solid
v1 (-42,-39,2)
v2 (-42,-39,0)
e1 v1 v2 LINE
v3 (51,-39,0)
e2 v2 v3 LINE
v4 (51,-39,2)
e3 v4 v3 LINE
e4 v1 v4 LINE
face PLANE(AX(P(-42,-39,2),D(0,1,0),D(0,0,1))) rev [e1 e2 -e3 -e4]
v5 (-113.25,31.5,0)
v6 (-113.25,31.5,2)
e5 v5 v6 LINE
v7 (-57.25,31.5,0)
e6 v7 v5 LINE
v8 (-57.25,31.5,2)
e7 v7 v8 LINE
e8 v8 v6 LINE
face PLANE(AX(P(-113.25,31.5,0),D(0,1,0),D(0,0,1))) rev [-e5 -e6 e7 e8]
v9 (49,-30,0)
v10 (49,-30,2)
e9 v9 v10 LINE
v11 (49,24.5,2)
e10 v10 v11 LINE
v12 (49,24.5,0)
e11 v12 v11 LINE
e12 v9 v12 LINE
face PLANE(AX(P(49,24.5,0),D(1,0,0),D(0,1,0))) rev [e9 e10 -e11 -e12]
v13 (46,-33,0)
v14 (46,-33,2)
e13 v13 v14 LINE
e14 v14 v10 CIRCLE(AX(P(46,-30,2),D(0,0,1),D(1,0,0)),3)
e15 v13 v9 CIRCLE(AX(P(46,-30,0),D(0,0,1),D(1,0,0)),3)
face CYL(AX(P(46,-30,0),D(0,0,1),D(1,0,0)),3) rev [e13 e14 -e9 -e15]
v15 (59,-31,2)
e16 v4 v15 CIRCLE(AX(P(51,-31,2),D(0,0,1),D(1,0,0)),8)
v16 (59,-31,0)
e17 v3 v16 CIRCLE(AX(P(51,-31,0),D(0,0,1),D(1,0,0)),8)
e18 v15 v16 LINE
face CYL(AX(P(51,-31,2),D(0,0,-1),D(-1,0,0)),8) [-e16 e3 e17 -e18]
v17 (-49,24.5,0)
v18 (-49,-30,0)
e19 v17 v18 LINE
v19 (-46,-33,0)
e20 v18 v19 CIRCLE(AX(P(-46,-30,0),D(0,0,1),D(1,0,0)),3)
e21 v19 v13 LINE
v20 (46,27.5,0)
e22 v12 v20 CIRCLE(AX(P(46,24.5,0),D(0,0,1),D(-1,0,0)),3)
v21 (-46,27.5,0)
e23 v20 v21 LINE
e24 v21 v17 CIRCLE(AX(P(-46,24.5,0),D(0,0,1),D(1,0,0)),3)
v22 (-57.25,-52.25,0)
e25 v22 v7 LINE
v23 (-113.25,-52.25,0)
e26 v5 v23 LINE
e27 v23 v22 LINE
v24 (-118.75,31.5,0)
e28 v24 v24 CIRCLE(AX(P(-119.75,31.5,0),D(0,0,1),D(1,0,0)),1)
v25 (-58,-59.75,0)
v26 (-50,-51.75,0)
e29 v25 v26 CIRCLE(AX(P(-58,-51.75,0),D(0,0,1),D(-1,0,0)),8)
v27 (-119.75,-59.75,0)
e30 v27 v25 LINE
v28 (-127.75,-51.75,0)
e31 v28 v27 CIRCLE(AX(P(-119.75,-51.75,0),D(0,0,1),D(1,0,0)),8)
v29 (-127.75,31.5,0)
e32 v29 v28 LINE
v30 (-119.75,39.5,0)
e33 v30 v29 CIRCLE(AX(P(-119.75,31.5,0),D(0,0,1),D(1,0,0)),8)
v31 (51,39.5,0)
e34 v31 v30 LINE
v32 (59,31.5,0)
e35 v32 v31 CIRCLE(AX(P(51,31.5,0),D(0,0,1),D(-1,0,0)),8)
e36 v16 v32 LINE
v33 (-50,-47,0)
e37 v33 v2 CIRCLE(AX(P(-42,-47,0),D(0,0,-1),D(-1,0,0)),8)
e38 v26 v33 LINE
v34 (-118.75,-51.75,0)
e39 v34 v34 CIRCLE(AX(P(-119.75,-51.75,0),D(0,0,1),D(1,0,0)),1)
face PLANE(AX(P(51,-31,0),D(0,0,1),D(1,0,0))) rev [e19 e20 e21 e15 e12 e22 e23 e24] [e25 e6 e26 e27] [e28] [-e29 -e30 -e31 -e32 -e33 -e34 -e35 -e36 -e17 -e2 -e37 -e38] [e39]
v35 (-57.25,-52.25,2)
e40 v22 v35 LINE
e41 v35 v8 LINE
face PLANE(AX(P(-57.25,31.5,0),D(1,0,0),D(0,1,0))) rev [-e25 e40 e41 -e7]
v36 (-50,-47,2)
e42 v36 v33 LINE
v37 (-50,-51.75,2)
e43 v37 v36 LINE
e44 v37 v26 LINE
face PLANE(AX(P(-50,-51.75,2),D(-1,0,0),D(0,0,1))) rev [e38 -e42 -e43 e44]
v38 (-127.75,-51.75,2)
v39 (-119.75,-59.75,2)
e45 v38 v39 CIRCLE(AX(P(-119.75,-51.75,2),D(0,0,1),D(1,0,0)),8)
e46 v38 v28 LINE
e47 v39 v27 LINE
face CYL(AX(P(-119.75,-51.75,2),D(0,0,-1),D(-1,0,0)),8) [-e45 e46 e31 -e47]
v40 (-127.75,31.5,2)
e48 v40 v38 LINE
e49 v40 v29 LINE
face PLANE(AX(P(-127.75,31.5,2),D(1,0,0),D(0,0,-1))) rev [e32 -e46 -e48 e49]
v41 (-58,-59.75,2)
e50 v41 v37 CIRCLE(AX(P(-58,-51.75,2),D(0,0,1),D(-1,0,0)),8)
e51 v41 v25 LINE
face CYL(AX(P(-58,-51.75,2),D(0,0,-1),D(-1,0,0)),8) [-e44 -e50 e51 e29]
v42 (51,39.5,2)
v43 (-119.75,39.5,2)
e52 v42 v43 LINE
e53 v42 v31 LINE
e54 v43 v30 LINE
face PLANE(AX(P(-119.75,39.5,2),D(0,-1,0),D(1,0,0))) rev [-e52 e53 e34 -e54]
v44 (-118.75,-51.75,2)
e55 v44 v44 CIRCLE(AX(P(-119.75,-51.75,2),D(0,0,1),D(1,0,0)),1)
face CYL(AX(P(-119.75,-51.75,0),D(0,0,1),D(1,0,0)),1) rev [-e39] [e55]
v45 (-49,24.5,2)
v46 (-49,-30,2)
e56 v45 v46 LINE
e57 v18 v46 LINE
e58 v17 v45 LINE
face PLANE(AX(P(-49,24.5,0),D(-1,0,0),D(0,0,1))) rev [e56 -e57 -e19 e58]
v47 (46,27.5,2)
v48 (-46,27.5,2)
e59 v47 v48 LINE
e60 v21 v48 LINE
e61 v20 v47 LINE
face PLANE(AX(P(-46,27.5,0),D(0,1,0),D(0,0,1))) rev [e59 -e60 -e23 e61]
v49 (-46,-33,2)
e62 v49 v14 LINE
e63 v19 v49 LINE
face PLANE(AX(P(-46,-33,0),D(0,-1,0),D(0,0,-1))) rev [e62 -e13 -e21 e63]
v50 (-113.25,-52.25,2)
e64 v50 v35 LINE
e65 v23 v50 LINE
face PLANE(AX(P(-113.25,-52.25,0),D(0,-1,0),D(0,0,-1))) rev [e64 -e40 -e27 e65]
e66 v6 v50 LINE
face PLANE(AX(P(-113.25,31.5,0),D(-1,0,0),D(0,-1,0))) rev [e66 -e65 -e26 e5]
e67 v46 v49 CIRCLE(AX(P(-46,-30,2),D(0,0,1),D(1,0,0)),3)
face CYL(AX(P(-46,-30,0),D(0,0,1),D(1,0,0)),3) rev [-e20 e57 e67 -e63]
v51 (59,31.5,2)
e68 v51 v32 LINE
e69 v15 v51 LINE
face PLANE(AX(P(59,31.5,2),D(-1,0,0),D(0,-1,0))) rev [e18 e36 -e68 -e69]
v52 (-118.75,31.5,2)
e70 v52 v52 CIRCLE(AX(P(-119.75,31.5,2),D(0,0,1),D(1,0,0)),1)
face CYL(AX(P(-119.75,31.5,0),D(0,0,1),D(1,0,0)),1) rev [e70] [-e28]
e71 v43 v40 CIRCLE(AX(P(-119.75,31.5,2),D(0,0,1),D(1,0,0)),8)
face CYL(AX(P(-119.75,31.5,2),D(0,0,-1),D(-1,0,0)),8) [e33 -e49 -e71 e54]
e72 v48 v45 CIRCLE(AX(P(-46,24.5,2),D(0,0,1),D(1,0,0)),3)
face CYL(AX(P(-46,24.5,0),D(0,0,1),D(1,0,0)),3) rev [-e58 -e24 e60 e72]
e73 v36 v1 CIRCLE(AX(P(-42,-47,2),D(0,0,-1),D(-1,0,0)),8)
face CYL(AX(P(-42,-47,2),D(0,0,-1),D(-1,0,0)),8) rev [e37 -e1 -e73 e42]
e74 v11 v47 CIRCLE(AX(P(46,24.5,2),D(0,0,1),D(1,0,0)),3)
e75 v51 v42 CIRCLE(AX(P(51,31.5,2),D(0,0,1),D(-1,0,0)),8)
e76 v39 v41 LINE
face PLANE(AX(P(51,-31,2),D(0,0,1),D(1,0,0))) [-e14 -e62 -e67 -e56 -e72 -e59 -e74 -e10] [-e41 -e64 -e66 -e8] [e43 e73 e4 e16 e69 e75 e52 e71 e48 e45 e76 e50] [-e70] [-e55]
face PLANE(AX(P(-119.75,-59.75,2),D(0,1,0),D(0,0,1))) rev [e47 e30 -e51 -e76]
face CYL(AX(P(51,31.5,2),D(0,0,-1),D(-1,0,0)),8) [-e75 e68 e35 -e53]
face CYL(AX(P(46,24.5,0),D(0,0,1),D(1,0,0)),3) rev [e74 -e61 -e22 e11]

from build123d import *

# Parameters (mm, degrees)
MAIN_EXTRUDE_DEPTH      = 2
SCREWHOLES_DEPTH        = 142.046534874
SCREWHOLES_DEPTH_BACK   = 142.046534874
SKETCH2_R               = 1
CUT_EXTRUDE2_DEPTH      = 142.046534874
CUT_EXTRUDE2_DEPTH_BACK = 142.046534874
SKETCH3_W               = 56
SKETCH3_H               = 83.75


with BuildPart() as part:
    # Sketch1 → Main extrude (new body)
    with BuildSketch(Plane.XY):
        with BuildLine():
            Line((-50, -51.75), (-50, -47))
            ThreePointArc((-50, -47), (-47.656854249, -41.343145751), (-42, -39))
            Line((-42, -39), (51, -39))
            ThreePointArc((51, -39), (56.656854249, -36.656854249), (59, -31))
            Line((59, -31), (59, 31.5))
            ThreePointArc((59, 31.5), (56.656854249, 37.156854249), (51, 39.5))
            Line((51, 39.5), (-119.75, 39.5))
            ThreePointArc((-119.75, 39.5), (-125.406854249, 37.156854249), (-127.75, 31.5))
            Line((-127.75, 31.5), (-127.75, -51.75))
            ThreePointArc((-127.75, -51.75), (-125.406854249, -57.406854249), (-119.75, -59.75))
            Line((-119.75, -59.75), (-58, -59.75))
            ThreePointArc((-58, -59.75), (-52.343145751, -57.406854249), (-50, -51.75))
        make_face()
    extrude(amount=MAIN_EXTRUDE_DEPTH)

    # Sketch2 → Screwholes (cut, two sides: drawn at the far end of the back side and taken through both)
    with BuildSketch(Plane.XY.offset(2).offset(-SCREWHOLES_DEPTH_BACK)):
        with Locations((-119.75, 31.5)):
            Circle(SKETCH2_R)
        with Locations((-119.75, -51.75)):
            Circle(SKETCH2_R)
    extrude(amount=SCREWHOLES_DEPTH + SCREWHOLES_DEPTH_BACK, mode=Mode.SUBTRACT)

    # Sketch3 → Cut-Extrude2 (cut, two sides: drawn at the far end of the back side and taken through both)
    with BuildSketch(Plane.XY.offset(2).offset(-CUT_EXTRUDE2_DEPTH_BACK)):
        with Locations((-85.25, -10.375)):
            Rectangle(SKETCH3_W, SKETCH3_H)
        with BuildLine():
            Line((-46, 27.5), (46, 27.5))
            ThreePointArc((46, 27.5), (48.121320344, 26.621320344), (49, 24.5))
            Line((49, 24.5), (49, -30))
            ThreePointArc((49, -30), (48.121320344, -32.121320344), (46, -33))
            Line((46, -33), (-46, -33))
            ThreePointArc((-46, -33), (-48.121320344, -32.121320344), (-49, -30))
            Line((-49, -30), (-49, 24.5))
            ThreePointArc((-49, 24.5), (-48.121320344, 26.621320344), (-46, 27.5))
        make_face()
    extrude(amount=CUT_EXTRUDE2_DEPTH + CUT_EXTRUDE2_DEPTH_BACK, mode=Mode.SUBTRACT)


solid = part.part
